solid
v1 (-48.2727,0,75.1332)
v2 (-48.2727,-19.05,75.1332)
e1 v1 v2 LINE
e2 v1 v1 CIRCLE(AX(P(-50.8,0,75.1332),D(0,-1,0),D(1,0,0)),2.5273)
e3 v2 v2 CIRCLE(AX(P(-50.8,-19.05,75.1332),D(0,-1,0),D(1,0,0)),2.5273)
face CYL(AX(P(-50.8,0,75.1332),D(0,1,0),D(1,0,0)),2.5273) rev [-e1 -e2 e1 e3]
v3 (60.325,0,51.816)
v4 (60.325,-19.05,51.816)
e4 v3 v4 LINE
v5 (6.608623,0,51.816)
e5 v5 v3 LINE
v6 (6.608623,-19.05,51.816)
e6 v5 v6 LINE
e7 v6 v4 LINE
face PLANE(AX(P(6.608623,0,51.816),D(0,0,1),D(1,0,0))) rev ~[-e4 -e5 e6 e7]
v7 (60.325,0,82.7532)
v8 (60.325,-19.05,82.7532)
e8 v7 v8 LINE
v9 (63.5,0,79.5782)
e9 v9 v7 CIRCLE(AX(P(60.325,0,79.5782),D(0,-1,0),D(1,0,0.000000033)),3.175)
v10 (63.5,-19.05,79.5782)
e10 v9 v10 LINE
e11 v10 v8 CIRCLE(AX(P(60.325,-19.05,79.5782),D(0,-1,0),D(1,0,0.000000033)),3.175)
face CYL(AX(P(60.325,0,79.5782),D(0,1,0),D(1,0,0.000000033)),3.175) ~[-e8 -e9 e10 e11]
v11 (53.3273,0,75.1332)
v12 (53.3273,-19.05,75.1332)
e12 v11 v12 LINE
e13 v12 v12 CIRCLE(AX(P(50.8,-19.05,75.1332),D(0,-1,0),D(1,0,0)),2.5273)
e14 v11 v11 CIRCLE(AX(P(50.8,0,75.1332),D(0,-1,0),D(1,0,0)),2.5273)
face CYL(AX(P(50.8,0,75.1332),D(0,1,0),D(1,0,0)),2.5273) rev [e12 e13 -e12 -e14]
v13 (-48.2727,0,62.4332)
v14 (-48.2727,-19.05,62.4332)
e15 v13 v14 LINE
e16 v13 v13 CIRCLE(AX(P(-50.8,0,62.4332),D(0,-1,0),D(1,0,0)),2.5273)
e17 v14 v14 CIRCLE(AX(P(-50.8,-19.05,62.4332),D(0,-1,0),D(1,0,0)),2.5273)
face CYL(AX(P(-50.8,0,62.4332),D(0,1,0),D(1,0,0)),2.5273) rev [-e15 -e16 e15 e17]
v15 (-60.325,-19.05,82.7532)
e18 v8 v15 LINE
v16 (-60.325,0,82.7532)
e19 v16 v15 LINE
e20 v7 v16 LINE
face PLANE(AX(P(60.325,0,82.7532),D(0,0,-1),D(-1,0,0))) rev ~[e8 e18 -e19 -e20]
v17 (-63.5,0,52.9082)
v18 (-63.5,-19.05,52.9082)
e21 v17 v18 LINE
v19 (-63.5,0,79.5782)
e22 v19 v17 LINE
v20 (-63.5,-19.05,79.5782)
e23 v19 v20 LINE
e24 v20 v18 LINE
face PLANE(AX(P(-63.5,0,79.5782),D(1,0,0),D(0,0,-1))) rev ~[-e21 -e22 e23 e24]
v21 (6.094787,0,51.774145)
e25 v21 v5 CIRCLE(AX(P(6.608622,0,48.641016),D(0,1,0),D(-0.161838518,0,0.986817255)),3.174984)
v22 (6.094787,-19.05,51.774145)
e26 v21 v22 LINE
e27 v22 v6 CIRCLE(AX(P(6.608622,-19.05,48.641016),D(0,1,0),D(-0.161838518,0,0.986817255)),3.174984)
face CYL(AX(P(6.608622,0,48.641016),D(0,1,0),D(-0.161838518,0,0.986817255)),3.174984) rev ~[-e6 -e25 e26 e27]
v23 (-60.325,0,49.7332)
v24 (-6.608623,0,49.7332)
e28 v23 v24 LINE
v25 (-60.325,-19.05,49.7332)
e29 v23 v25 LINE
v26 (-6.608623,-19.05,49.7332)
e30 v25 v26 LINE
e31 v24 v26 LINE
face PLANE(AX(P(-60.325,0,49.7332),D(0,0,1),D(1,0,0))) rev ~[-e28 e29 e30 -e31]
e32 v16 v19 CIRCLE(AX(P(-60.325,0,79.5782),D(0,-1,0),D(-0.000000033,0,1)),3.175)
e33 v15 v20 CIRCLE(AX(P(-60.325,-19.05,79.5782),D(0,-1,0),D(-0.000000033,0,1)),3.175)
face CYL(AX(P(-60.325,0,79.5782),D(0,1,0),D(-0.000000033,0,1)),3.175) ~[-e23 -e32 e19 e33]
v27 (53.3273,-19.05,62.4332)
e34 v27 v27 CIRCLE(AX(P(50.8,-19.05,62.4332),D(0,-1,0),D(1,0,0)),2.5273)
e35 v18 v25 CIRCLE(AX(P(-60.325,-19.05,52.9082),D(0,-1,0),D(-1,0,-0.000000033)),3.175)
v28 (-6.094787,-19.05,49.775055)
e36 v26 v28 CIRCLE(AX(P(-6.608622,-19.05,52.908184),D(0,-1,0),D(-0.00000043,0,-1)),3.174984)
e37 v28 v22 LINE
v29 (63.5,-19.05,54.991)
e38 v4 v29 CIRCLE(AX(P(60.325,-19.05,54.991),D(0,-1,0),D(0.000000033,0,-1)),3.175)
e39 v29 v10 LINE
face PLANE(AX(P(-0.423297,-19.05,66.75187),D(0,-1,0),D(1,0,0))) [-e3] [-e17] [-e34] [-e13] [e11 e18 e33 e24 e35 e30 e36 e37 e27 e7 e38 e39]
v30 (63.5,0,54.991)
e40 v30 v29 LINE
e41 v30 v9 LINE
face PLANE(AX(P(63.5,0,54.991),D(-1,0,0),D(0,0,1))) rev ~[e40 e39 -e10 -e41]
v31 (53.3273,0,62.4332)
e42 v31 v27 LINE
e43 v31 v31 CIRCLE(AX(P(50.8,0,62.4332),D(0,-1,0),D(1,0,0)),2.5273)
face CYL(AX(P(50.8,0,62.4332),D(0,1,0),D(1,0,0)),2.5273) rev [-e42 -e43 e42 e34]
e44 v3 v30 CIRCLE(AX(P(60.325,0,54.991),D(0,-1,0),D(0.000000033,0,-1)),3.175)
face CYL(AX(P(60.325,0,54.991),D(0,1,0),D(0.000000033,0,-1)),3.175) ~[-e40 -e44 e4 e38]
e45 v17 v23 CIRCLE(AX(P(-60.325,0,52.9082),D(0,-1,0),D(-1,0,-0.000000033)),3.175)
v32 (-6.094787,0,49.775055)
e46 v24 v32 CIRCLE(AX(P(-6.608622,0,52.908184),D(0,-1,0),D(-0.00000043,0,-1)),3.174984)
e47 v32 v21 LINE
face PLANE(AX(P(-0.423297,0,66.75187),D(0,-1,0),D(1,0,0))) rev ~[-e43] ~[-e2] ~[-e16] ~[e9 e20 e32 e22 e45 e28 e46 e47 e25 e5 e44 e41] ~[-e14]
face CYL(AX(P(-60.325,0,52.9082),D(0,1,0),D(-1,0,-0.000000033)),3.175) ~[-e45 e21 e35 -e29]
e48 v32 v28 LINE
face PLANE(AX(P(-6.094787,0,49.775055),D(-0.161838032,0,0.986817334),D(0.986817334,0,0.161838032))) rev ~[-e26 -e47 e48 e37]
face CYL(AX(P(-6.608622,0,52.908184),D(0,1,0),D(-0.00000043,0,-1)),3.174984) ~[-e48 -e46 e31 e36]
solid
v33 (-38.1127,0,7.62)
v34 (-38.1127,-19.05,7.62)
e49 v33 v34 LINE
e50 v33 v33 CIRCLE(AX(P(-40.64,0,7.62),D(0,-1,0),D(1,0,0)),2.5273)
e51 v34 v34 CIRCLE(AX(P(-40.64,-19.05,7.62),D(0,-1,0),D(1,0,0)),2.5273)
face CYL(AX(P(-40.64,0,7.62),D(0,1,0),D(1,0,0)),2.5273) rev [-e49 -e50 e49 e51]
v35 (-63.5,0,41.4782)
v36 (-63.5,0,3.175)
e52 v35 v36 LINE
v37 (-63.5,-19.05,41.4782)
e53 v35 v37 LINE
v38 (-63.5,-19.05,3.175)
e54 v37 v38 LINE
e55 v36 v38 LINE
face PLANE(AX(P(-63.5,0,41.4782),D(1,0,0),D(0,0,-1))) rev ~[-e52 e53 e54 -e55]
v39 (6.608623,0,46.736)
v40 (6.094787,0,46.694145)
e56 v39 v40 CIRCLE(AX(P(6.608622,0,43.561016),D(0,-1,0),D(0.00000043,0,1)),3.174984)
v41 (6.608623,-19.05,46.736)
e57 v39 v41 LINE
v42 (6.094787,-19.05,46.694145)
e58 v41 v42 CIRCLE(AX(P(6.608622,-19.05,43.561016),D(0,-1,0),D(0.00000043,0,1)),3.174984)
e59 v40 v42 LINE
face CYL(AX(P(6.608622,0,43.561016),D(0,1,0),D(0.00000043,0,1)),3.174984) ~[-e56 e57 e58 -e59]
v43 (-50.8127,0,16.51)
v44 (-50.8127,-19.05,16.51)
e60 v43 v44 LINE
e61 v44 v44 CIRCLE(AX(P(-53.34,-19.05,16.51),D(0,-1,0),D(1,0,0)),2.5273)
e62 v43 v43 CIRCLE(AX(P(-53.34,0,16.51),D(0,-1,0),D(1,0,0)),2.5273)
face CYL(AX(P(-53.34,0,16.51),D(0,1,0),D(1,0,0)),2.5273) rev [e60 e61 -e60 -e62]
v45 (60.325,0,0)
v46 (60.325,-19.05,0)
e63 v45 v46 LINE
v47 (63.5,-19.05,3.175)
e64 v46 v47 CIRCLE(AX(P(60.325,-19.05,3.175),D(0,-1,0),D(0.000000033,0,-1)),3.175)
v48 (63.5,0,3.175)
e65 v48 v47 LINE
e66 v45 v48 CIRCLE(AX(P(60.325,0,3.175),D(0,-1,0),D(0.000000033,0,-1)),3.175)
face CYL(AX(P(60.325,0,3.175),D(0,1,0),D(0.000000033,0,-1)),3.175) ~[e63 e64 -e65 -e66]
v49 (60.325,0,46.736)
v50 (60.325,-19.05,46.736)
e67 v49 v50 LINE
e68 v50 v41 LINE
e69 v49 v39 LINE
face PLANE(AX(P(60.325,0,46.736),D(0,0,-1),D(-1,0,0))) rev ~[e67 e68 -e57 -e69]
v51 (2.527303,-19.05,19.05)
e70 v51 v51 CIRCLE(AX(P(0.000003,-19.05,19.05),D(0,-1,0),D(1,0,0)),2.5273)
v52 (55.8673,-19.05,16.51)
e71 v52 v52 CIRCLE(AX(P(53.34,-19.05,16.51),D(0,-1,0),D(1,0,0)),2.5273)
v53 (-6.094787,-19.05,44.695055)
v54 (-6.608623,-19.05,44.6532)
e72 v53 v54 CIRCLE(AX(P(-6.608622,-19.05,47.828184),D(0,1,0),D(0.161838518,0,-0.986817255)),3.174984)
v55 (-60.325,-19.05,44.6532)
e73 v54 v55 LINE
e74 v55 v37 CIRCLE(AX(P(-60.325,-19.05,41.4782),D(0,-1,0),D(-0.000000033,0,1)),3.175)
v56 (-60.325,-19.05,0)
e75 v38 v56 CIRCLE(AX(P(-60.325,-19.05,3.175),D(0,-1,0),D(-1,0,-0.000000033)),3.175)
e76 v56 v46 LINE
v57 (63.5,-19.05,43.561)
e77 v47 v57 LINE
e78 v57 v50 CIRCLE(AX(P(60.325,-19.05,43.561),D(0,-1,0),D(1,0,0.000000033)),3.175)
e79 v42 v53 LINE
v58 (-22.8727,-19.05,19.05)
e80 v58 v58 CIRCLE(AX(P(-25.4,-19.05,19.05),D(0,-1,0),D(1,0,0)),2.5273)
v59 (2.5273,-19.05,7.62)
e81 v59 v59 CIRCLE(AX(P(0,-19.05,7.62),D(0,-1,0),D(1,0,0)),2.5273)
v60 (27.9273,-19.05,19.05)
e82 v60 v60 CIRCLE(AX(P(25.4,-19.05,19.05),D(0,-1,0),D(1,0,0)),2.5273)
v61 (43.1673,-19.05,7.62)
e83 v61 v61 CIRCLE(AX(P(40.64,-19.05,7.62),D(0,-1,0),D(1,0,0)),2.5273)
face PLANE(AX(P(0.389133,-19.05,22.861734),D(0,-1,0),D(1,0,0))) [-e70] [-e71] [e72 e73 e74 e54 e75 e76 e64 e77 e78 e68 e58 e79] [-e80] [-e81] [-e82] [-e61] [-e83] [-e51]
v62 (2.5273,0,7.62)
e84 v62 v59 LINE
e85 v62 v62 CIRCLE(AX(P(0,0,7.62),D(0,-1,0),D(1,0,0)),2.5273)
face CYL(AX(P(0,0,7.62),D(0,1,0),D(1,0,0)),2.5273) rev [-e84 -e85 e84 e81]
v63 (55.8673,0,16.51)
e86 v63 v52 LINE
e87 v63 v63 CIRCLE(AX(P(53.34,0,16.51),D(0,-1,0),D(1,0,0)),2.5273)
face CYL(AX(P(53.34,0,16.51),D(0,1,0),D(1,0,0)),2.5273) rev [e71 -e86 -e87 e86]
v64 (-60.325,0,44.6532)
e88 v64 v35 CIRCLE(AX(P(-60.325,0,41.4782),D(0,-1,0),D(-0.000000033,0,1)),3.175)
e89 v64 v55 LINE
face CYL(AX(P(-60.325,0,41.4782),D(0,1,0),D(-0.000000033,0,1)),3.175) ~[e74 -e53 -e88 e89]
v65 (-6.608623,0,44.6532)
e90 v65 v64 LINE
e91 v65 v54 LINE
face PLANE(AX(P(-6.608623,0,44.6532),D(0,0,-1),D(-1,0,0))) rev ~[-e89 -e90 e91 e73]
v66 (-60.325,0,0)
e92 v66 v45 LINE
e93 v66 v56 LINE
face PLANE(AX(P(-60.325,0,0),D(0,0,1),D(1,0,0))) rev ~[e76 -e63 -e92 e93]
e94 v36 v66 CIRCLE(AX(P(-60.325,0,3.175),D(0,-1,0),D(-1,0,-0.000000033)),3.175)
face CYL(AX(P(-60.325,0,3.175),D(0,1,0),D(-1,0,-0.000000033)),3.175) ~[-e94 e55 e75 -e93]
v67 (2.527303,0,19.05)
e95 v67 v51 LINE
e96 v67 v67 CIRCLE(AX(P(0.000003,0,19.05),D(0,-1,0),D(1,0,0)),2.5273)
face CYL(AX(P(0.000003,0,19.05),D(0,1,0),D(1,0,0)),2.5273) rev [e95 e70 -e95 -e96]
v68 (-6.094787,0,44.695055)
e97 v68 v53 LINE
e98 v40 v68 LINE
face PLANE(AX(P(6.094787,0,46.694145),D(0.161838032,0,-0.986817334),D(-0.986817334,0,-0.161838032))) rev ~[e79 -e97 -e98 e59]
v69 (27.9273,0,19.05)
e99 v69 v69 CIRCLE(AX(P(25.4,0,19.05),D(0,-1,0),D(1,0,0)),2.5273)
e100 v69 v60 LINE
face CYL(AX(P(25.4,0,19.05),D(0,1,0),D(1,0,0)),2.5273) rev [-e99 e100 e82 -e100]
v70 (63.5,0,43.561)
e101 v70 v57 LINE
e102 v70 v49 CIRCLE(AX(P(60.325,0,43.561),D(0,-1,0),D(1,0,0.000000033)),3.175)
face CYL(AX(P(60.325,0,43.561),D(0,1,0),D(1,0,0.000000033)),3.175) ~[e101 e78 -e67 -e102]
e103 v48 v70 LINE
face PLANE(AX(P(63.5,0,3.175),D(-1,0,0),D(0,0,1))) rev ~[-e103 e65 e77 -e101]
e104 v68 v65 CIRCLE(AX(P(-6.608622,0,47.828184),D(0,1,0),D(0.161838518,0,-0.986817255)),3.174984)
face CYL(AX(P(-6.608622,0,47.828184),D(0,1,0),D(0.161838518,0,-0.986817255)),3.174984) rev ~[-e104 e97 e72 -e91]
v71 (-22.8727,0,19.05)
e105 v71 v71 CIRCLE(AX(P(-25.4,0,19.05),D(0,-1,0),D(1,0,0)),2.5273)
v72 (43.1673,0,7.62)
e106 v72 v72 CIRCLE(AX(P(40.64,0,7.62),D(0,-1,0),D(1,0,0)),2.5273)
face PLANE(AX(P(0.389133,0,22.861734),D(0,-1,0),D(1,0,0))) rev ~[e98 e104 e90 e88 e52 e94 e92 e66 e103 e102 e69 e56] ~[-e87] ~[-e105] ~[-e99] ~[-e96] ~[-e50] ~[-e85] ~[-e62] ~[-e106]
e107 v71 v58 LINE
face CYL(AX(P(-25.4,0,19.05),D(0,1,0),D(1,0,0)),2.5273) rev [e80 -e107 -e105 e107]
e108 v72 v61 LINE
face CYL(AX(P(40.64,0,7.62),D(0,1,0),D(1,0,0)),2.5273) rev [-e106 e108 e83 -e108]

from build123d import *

# Parameters (mm, degrees)
F0_R     = 2.5273
F1_DEPTH = 19.05


with BuildPart() as f1:
    # F0 (on Front) → F1 (new body)
    with BuildSketch(Plane.XZ):
        with BuildLine():
            ThreePointArc((-63.5, 3.175), (-62.570064, 0.929936), (-60.325, 0))
            Line((-60.325, 0), (60.325, 0))
            ThreePointArc((60.325, 0), (62.570064, 0.929936), (63.5, 3.175))
            Line((63.5, 3.175), (63.5, 43.561))
            ThreePointArc((63.5, 43.561), (62.570064, 45.806064), (60.325, 46.736))
            Line((60.325, 46.736), (6.608623, 46.736))
            ThreePointArc((6.608623, 46.736), (6.350854, 46.725519), (6.094787, 46.694145))
            Line((6.094787, 46.694145), (-6.094787, 44.695055))
            ThreePointArc((-6.094787, 44.695055), (-6.350854, 44.663681), (-6.608623, 44.6532))
            Line((-6.608623, 44.6532), (-60.325, 44.6532))
            ThreePointArc((-60.325, 44.6532), (-62.570064, 43.723264), (-63.5, 41.4782))
            Line((-63.5, 41.4782), (-63.5, 3.175))
        make_face()
        with Locations((-40.64, 7.62)):
            Circle(F0_R, mode=Mode.SUBTRACT)
        with Locations((-53.34, 16.51)):
            Circle(F0_R, mode=Mode.SUBTRACT)
        with Locations((-25.4, 19.05)):
            Circle(F0_R, mode=Mode.SUBTRACT)
        with Locations((0, 7.62)):
            Circle(F0_R, mode=Mode.SUBTRACT)
        with Locations((3e-06, 19.05)):
            Circle(F0_R, mode=Mode.SUBTRACT)
        with Locations((25.4, 19.05)):
            Circle(F0_R, mode=Mode.SUBTRACT)
        with Locations((40.64, 7.62)):
            Circle(F0_R, mode=Mode.SUBTRACT)
        with Locations((53.34, 16.51)):
            Circle(F0_R, mode=Mode.SUBTRACT)
        with BuildLine():
            Line((60.325, 82.7532), (-60.325, 82.7532))
            ThreePointArc((-60.325, 82.7532), (-62.570064, 81.823264), (-63.5, 79.5782))
            Line((-63.5, 79.5782), (-63.5, 52.9082))
            ThreePointArc((-63.5, 52.9082), (-62.570064, 50.663136), (-60.325, 49.7332))
            Line((-60.325, 49.7332), (-6.608623, 49.7332))
            ThreePointArc((-6.608623, 49.7332), (-6.350854, 49.743681), (-6.094787, 49.775055))
            Line((-6.094787, 49.775055), (6.094787, 51.774145))
            ThreePointArc((6.094787, 51.774145), (6.350854, 51.805519), (6.608623, 51.816))
            Line((6.608623, 51.816), (60.325, 51.816))
            ThreePointArc((60.325, 51.816), (62.570064, 52.745936), (63.5, 54.991))
            Line((63.5, 54.991), (63.5, 79.5782))
            ThreePointArc((63.5, 79.5782), (62.570064, 81.823264), (60.325, 82.7532))
        make_face()
        with Locations((-50.8, 62.4332)):
            Circle(F0_R, mode=Mode.SUBTRACT)
        with Locations((-50.8, 75.1332)):
            Circle(F0_R, mode=Mode.SUBTRACT)
        with Locations((50.8, 62.4332)):
            Circle(F0_R, mode=Mode.SUBTRACT)
        with Locations((50.8, 75.1332)):
            Circle(F0_R, mode=Mode.SUBTRACT)
    extrude(amount=F1_DEPTH)


solid = f1.part
